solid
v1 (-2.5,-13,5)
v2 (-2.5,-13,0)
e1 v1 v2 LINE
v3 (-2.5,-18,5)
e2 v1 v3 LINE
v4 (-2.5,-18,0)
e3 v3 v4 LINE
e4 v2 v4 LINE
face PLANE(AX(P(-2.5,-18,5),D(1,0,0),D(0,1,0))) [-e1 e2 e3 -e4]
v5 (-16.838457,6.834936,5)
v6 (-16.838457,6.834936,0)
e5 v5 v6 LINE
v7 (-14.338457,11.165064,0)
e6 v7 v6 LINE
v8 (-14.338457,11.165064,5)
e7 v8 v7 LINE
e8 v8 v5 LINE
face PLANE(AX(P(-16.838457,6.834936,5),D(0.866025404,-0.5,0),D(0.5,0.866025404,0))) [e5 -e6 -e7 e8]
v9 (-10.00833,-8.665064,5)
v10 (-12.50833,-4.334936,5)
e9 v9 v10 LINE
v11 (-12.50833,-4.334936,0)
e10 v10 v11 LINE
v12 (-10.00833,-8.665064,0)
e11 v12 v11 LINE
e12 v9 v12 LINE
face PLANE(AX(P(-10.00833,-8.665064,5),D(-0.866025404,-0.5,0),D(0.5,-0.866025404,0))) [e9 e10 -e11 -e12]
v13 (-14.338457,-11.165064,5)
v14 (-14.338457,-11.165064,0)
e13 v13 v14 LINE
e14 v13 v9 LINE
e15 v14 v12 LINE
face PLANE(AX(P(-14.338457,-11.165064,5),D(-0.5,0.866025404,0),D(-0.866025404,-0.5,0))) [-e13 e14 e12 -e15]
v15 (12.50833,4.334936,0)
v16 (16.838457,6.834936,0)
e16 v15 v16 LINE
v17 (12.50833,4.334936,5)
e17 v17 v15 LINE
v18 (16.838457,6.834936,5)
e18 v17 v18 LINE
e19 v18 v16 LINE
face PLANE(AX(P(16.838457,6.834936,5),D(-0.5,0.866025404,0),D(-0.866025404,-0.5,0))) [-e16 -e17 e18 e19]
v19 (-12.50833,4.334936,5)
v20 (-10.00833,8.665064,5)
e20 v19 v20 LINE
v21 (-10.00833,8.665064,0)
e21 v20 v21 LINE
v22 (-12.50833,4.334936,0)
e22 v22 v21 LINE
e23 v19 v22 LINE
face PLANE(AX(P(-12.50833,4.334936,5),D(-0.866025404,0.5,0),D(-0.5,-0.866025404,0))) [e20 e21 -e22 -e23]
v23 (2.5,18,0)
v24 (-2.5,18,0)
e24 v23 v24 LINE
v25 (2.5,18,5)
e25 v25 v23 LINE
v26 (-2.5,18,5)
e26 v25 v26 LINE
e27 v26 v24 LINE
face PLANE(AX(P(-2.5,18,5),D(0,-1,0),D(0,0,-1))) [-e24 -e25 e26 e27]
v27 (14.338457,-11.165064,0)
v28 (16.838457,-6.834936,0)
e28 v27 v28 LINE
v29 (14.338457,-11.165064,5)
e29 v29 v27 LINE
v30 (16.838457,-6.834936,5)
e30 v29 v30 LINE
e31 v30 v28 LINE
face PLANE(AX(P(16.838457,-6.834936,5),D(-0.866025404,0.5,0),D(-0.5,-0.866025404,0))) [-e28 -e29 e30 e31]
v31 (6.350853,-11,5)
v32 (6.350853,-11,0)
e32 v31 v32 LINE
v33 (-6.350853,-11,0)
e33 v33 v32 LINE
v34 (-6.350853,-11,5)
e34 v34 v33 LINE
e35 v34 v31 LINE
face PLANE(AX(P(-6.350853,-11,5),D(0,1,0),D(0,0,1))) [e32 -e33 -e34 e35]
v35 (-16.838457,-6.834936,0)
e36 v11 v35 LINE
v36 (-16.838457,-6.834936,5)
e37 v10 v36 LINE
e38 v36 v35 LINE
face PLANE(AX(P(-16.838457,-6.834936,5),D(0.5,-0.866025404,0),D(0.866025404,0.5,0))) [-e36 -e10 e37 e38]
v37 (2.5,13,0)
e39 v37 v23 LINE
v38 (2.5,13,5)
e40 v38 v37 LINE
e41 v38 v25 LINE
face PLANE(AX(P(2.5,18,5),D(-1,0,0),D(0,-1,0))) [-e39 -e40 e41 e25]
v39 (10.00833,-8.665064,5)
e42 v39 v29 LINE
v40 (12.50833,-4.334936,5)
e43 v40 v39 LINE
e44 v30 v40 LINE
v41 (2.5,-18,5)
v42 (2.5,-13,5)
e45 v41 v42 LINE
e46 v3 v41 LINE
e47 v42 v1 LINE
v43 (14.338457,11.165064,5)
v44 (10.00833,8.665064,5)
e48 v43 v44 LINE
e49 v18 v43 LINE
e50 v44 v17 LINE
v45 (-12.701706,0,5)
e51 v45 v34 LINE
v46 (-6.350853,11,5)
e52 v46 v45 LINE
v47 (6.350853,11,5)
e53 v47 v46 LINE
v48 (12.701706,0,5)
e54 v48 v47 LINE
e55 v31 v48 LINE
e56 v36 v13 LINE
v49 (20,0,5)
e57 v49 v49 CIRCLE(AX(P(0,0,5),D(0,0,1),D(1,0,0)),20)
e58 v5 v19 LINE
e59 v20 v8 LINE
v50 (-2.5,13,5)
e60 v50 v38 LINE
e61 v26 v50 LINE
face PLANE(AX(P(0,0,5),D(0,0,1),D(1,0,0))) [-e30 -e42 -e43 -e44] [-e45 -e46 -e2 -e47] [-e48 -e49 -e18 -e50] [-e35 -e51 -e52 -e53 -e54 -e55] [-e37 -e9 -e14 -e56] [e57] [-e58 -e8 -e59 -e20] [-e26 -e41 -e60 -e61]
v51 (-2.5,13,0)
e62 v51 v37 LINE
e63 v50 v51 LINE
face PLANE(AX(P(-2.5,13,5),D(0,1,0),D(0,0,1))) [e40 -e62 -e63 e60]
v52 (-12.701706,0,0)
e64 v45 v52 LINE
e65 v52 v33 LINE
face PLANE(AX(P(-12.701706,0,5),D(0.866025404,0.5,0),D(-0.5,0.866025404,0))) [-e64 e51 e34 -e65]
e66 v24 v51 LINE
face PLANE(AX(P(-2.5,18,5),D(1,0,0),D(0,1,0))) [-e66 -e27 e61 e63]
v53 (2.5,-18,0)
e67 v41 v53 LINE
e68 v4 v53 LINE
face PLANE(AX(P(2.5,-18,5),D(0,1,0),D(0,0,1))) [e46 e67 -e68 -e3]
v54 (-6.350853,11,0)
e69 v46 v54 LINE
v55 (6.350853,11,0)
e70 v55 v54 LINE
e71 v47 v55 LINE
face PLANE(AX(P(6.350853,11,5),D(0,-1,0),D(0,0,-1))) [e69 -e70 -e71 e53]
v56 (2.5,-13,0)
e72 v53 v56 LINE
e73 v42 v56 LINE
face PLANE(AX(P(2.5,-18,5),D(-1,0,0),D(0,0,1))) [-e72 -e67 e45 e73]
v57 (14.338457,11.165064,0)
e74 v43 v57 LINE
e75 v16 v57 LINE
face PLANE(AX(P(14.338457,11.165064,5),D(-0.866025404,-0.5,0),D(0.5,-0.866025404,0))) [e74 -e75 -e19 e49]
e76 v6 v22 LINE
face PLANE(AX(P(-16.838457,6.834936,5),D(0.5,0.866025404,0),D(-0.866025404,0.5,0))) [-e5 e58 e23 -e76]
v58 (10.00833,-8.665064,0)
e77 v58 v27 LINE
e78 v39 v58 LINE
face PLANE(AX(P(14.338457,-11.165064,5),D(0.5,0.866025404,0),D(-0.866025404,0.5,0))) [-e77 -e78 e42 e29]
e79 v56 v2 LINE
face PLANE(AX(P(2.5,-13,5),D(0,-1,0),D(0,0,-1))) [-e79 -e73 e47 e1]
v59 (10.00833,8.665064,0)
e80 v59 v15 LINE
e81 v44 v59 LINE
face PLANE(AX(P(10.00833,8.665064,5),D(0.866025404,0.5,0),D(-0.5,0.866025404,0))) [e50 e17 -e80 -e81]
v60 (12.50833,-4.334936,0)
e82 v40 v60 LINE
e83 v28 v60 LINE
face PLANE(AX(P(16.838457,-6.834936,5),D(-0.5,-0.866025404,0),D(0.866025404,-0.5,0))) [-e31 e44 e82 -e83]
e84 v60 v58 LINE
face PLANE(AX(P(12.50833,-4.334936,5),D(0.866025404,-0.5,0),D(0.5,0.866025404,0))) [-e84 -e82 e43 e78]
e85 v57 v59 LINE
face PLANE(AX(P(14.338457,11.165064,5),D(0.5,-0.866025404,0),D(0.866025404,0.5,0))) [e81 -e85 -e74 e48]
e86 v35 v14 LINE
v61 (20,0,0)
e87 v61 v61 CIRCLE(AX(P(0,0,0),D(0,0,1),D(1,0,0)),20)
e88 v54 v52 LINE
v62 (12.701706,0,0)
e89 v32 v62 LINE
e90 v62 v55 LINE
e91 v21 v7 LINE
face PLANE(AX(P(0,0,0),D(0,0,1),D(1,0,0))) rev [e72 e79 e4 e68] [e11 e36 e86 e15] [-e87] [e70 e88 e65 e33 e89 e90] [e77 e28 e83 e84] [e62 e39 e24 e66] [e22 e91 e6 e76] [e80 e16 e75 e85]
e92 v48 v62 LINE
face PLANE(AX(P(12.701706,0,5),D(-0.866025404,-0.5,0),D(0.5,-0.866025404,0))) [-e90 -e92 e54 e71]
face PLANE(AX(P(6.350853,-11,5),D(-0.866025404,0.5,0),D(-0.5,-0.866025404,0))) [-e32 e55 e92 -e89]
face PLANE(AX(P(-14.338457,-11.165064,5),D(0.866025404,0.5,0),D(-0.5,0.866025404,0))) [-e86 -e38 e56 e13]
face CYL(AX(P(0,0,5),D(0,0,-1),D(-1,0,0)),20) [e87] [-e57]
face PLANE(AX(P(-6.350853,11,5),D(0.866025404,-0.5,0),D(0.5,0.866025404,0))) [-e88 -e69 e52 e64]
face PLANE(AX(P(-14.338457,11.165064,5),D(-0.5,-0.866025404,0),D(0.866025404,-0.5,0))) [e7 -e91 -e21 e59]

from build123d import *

# Parameters (mm, degrees)
SKETCH1_R           = 20
SKETCH1_W           = 5
SKETCH1_H           = 5
BOSS_EXTRUDE1_DEPTH = 5


with BuildPart() as part:
    # Sketch1 → Boss-Extrude1 (new body)
    with BuildSketch(Plane.XY):
        Circle(SKETCH1_R)
        Polygon((12.701705922, 0), (6.350852961, 11), (-6.350852961, 11), (-12.701705922, 0), (-6.350852961, -11), (6.350852961, -11), align=None, mode=Mode.SUBTRACT)
        with Locations((0, 15.5)):
            Rectangle(SKETCH1_W, SKETCH1_H, mode=Mode.SUBTRACT)
        Polygon((16.838457268, 6.834936491), (12.508330249, 4.334936491), (10.008330249, 8.665063509), (14.338457268, 11.165063509), align=None, mode=Mode.SUBTRACT)
        Polygon((14.338457268, -11.165063509), (10.008330249, -8.665063509), (12.508330249, -4.334936491), (16.838457268, -6.834936491), align=None, mode=Mode.SUBTRACT)
        with Locations((0, -15.5)):
            Rectangle(SKETCH1_W, SKETCH1_H, mode=Mode.SUBTRACT)
        Polygon((-16.838457268, -6.834936491), (-12.508330249, -4.334936491), (-10.008330249, -8.665063509), (-14.338457268, -11.165063509), align=None, mode=Mode.SUBTRACT)
        Polygon((-14.338457268, 11.165063509), (-10.008330249, 8.665063509), (-12.508330249, 4.334936491), (-16.838457268, 6.834936491), align=None, mode=Mode.SUBTRACT)
    extrude(amount=BOSS_EXTRUDE1_DEPTH)


solid = part.part
